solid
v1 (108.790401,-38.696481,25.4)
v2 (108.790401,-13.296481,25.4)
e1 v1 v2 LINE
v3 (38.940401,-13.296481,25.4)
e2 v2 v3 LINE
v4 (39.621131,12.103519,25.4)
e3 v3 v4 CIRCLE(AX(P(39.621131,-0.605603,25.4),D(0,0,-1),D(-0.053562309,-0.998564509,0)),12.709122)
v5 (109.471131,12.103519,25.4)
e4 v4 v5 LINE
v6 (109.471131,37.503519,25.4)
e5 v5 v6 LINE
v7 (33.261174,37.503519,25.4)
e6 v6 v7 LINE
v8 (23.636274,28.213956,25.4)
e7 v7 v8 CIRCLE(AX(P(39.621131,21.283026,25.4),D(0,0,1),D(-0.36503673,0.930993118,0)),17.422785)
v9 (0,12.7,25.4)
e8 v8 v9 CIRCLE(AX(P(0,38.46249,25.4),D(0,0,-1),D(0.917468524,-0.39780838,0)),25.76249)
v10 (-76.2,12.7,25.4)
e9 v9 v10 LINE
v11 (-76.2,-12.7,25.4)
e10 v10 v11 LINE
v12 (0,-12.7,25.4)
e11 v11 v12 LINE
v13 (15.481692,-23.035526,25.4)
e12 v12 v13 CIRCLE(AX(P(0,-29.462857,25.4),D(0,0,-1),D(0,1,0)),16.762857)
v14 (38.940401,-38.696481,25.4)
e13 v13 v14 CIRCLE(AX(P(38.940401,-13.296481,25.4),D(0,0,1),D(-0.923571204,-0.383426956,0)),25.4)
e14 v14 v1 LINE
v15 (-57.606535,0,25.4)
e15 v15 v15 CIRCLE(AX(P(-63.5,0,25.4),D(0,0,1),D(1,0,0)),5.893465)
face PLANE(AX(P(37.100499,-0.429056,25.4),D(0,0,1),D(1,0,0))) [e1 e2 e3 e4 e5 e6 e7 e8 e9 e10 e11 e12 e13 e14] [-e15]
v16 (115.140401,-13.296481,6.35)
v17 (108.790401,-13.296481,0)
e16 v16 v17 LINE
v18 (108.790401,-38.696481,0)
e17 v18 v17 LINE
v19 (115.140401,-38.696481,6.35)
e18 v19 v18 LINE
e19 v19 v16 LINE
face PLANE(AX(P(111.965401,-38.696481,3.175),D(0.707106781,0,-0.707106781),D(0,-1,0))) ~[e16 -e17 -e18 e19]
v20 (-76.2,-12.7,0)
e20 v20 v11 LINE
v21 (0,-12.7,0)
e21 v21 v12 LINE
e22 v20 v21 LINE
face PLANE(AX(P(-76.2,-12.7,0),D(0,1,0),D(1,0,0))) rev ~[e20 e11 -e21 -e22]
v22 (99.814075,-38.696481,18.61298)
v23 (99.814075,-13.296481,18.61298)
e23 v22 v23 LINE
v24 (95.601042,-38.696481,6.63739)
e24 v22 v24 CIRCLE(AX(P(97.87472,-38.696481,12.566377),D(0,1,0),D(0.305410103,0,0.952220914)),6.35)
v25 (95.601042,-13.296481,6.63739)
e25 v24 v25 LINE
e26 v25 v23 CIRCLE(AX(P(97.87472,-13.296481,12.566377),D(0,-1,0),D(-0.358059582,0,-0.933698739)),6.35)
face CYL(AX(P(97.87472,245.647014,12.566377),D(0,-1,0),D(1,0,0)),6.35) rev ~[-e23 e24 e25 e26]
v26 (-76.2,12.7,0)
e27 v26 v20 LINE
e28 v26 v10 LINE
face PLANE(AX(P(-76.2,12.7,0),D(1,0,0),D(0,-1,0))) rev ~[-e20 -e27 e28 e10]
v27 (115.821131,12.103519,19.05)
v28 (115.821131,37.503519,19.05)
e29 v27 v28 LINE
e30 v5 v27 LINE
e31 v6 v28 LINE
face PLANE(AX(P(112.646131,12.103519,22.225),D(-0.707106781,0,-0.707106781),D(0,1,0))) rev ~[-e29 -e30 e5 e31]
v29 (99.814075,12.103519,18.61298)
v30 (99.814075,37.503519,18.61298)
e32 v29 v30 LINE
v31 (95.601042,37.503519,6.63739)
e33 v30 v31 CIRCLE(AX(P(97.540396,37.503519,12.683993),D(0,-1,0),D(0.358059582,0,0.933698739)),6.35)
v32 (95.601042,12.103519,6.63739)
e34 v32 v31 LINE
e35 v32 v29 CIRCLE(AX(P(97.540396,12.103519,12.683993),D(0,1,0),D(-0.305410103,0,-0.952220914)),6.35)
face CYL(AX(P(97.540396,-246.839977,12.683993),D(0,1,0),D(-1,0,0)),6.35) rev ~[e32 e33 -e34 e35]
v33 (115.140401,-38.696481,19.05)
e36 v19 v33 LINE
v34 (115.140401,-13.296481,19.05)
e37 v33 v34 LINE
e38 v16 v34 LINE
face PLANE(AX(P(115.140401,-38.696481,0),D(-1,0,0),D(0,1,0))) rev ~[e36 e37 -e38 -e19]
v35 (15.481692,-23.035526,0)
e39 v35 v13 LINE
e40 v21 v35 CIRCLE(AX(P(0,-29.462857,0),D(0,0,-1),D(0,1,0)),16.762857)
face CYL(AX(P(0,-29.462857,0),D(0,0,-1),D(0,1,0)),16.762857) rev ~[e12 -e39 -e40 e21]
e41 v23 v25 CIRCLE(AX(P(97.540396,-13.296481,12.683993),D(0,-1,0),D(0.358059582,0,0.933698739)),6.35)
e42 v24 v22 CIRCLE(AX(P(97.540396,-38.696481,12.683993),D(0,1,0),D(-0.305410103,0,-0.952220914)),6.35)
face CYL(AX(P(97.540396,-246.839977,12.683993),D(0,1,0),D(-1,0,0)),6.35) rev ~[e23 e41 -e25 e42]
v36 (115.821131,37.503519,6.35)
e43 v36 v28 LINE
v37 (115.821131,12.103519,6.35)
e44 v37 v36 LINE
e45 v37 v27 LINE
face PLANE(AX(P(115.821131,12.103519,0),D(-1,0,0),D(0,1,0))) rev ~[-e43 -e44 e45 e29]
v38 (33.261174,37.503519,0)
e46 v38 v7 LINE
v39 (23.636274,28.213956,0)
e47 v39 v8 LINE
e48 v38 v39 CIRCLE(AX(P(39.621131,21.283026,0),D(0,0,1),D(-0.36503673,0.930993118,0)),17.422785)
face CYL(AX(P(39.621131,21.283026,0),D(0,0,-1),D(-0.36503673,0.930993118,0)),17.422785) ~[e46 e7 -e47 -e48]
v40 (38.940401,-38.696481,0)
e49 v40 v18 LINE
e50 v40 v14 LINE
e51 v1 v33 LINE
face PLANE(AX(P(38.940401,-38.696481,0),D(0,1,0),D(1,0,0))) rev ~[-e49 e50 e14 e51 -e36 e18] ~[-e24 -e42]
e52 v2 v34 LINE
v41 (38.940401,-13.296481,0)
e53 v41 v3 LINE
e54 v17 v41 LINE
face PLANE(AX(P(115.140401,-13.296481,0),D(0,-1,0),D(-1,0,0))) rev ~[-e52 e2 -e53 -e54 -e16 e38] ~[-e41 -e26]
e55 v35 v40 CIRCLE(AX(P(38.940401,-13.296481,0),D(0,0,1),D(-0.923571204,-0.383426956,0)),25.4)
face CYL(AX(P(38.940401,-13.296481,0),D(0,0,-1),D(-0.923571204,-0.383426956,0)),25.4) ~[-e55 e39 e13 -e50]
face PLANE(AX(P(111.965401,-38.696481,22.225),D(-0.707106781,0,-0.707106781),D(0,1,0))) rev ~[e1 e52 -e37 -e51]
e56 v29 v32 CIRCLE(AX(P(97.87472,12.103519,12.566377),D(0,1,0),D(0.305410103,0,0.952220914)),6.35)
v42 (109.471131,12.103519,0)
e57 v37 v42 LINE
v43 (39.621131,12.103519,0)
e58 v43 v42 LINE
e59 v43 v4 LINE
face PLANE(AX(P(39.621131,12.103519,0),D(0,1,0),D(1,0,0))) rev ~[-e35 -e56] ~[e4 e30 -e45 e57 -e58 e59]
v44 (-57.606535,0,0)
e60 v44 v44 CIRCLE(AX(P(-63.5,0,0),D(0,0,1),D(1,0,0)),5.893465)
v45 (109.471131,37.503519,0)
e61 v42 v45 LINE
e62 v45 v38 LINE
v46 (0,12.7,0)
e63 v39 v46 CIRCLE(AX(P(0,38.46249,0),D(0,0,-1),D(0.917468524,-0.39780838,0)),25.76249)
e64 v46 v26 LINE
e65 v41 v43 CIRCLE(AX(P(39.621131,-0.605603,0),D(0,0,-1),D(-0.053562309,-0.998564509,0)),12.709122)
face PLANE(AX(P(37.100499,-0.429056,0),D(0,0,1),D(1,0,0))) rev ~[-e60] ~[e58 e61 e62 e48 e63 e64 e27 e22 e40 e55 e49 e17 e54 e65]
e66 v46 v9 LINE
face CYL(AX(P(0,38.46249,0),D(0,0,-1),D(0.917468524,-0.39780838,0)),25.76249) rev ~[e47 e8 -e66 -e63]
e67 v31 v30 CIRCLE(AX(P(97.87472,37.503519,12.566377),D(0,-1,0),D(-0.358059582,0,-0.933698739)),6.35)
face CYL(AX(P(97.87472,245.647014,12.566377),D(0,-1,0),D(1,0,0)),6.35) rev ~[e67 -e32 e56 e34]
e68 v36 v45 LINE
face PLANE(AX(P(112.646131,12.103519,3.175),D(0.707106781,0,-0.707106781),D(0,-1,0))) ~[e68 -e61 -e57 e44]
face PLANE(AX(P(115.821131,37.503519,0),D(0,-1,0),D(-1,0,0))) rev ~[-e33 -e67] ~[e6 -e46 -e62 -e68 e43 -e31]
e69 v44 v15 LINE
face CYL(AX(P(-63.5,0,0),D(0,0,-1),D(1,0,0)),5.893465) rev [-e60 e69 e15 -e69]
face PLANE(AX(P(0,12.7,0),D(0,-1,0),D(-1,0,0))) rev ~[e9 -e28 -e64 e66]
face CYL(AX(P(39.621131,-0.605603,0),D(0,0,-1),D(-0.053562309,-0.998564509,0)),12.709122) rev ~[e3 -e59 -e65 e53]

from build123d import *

# Parameters (mm, degrees)
F0_R       = 5.8934645996
F1_DEPTH   = 25.4
F4_D       = 12.7
F4_ON_F3_D = 12.7
F5_SIZE    = 6.35


with BuildPart() as f1:
    # F0 (on Top) → F1 (new body)
    with BuildSketch(Plane.XY):
        with BuildLine():
            ThreePointArc((23.6362737938, 28.2139556626), (14.1364445597, 16.9249221875), (0, 12.7))
            Line((0, 12.7), (-76.2, 12.7))
            Line((-76.2, 12.7), (-76.2, -12.7))
            Line((-76.2, -12.7), (0, -12.7))
            ThreePointArc((0, -12.7), (9.3073343437, -15.5213038758), (15.4816922387, -23.0355259068))
            ThreePointArc((15.4816922387, -23.0355259068), (24.8374177204, -34.4214869615), (38.9404008269, -38.6964812219))
            Line((38.9404008269, -38.6964812219), (115.1404008269, -38.6964812219))
            Line((115.1404008269, -38.6964812219), (115.1404008269, -13.2964812219))
            Line((115.1404008269, -13.2964812219), (38.9404008269, -13.2964812219))
            ThreePointArc((38.9404008269, -13.2964812219), (26.9165705995, -0.2651159667), (39.6211307376, 12.1035187781))
            Line((39.6211307376, 12.1035187781), (115.8211307376, 12.1035187781))
            Line((115.8211307376, 12.1035187781), (115.8211307376, 37.5035187781))
            Line((115.8211307376, 37.5035187781), (33.2611742348, 37.5035187781))
            ThreePointArc((33.2611742348, 37.5035187781), (27.5216816712, 33.819244205), (23.6362737938, 28.2139556626))
        make_face()
        with Locations((-63.5, 0)):
            Circle(F0_R, mode=Mode.SUBTRACT)
    extrude(amount=F1_DEPTH)

    # F4 (through all)
    with Locations(Plane.XZ.offset(38.6964812219)):
        with Locations((97.5403962757, 12.6839925341)):
            Hole(F4_D / 2)

    # F4 on F3 (through all)
    with Locations(Plane(origin=(0, 37.5035187781, 0), x_dir=(-1, 0, 0), z_dir=(0, 1, 0))):
        with Locations((-97.8747204662, 12.5663767254)):
            Hole(F4_ON_F3_D / 2)

    # F5
    f5_edges = [f1.edges().sort_by_distance(p)[0] for p in [
        (115.140401, -25.996481, 25.4),
        (115.140401, -25.996481, 0),
        (115.821131, 24.803519, 25.4),
        (115.821131, 24.803519, 0),
    ]]
    chamfer(f5_edges, length=F5_SIZE)


solid = f1.part
